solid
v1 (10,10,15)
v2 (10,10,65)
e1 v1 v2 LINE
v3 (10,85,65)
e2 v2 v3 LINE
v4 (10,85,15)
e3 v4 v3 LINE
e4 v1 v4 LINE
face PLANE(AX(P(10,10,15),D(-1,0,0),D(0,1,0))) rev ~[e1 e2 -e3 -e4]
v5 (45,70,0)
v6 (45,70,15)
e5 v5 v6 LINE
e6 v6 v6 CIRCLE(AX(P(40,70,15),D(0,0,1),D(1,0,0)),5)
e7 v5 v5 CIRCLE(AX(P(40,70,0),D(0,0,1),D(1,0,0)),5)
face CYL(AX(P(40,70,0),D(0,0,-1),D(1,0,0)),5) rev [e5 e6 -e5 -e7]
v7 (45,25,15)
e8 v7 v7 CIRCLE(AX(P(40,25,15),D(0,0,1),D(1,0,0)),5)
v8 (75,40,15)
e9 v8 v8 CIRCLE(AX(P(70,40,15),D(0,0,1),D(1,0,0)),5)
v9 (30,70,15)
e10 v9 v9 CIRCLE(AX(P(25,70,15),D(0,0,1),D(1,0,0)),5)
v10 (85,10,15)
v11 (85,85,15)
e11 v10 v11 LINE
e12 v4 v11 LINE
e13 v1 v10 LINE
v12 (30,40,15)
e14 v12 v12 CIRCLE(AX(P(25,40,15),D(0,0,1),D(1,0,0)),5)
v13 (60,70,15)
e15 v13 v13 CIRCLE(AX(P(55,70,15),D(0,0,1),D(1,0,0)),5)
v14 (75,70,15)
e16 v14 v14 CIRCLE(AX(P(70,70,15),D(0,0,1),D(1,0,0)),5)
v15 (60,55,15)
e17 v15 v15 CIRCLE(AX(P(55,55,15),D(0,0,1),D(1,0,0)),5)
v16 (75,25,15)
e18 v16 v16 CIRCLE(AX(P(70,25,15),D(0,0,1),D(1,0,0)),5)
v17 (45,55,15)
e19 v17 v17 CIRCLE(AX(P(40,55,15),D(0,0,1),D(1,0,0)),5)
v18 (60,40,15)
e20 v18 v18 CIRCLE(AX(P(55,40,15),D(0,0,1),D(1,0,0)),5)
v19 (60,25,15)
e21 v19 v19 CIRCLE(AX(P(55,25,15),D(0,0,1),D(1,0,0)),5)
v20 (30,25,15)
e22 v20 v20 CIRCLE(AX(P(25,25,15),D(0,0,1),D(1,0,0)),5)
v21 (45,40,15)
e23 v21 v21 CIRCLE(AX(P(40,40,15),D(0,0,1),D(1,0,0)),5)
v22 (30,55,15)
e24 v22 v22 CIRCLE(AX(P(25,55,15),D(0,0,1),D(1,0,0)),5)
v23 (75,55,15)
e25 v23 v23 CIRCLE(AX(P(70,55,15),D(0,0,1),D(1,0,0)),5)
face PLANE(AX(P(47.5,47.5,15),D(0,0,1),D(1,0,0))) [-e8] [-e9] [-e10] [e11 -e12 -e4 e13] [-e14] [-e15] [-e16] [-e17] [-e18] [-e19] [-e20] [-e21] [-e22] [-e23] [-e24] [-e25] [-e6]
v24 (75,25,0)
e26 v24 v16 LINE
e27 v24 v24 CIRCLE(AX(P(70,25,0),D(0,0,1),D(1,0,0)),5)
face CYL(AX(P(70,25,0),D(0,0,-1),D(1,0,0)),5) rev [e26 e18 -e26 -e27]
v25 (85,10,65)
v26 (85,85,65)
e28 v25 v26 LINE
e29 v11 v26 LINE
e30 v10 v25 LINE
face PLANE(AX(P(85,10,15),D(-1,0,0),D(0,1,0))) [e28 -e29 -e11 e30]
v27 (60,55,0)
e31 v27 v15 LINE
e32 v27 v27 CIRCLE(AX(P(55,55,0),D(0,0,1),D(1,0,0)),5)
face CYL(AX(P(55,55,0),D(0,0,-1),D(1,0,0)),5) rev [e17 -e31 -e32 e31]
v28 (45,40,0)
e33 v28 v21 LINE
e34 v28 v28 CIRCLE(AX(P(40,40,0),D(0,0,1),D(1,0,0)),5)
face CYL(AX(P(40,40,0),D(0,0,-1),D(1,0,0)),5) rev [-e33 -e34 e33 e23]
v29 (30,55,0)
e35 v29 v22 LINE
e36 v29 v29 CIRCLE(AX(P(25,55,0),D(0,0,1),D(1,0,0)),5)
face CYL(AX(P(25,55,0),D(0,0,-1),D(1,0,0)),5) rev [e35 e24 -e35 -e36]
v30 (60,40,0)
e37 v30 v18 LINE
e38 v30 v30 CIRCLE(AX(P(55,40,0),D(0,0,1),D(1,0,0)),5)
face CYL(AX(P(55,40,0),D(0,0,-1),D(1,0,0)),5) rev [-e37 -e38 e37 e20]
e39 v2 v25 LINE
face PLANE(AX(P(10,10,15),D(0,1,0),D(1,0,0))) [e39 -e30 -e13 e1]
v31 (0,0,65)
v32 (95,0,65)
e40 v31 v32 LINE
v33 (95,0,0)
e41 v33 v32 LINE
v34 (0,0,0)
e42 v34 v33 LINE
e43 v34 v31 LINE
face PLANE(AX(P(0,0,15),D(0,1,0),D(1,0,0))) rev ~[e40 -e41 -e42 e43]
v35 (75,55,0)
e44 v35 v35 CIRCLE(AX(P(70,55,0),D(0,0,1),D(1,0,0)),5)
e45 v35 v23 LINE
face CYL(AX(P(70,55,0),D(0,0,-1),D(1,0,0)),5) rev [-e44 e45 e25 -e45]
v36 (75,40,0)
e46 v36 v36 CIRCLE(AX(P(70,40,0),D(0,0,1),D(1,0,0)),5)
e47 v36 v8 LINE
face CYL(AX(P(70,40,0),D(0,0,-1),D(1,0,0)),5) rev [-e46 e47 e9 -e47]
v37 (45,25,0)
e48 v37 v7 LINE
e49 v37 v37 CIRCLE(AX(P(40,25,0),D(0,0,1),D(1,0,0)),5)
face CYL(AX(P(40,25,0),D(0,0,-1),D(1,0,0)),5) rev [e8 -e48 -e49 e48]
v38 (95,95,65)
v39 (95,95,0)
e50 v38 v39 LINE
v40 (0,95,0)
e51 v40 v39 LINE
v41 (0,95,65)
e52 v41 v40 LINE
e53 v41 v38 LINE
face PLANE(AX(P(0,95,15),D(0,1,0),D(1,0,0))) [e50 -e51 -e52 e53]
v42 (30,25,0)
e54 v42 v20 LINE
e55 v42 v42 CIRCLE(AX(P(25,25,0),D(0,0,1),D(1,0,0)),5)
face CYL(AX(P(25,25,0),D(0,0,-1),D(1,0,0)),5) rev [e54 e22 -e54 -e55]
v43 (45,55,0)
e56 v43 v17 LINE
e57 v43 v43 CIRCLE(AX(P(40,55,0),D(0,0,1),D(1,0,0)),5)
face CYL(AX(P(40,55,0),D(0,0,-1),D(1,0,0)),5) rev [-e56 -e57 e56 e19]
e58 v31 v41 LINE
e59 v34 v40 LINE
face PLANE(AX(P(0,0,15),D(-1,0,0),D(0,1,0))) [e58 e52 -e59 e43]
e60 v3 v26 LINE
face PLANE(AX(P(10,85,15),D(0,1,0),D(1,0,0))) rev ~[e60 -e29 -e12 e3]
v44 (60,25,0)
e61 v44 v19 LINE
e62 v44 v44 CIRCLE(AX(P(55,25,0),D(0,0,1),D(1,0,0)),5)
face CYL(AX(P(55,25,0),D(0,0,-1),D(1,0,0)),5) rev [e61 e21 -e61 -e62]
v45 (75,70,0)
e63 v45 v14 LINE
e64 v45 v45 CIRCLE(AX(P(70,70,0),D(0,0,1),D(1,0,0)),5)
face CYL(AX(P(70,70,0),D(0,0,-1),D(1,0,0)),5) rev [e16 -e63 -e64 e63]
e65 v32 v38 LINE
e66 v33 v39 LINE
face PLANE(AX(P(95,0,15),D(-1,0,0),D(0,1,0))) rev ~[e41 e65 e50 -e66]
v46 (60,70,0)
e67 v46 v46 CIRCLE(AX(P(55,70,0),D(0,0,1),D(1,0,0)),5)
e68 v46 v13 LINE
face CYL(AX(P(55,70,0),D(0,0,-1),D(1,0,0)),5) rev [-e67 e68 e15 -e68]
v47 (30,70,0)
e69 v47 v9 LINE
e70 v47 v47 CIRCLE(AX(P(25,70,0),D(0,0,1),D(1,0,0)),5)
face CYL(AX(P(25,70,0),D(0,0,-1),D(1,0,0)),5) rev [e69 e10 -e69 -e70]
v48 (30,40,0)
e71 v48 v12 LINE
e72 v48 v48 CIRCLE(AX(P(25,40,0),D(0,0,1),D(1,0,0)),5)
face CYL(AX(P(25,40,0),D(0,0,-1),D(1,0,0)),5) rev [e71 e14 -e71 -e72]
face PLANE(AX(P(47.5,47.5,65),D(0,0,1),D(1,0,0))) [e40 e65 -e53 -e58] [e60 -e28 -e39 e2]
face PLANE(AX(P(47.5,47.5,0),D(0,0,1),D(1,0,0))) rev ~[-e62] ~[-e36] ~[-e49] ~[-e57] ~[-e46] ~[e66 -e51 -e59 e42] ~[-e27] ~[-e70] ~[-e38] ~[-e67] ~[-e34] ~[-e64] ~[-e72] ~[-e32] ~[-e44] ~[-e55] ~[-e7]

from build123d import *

# Parameters (mm, degrees)
F0_W     = 95
F0_H     = 95
F0_R     = 5
F1_DEPTH = 15
F2_W     = 95
F2_H     = 95
F2_W_2   = 75
F2_H_2   = 75
F3_DEPTH = 50


with BuildPart() as f1:
    # F0 (on Top) → F1 (new body)
    with BuildSketch(Plane.XY):
        with Locations((47.5, 47.5)):
            Rectangle(F0_W, F0_H)
        with Locations((25, 25)):
            Circle(F0_R, mode=Mode.SUBTRACT)
        with Locations((40, 25)):
            Circle(F0_R, mode=Mode.SUBTRACT)
        with Locations((25, 40)):
            Circle(F0_R, mode=Mode.SUBTRACT)
        with Locations((40, 40)):
            Circle(F0_R, mode=Mode.SUBTRACT)
        with Locations((55, 25)):
            Circle(F0_R, mode=Mode.SUBTRACT)
        with Locations((70, 25)):
            Circle(F0_R, mode=Mode.SUBTRACT)
        with Locations((55, 40)):
            Circle(F0_R, mode=Mode.SUBTRACT)
        with Locations((70, 40)):
            Circle(F0_R, mode=Mode.SUBTRACT)
        with Locations((25, 55)):
            Circle(F0_R, mode=Mode.SUBTRACT)
        with Locations((40, 55)):
            Circle(F0_R, mode=Mode.SUBTRACT)
        with Locations((25, 70)):
            Circle(F0_R, mode=Mode.SUBTRACT)
        with Locations((40, 70)):
            Circle(F0_R, mode=Mode.SUBTRACT)
        with Locations((55, 55)):
            Circle(F0_R, mode=Mode.SUBTRACT)
        with Locations((70, 55)):
            Circle(F0_R, mode=Mode.SUBTRACT)
        with Locations((55, 70)):
            Circle(F0_R, mode=Mode.SUBTRACT)
        with Locations((70, 70)):
            Circle(F0_R, mode=Mode.SUBTRACT)
    extrude(amount=F1_DEPTH)

    # F2 (on face) → F3 (join)
    with BuildSketch(Plane.XY.offset(15)):
        with Locations((47.5, 47.5)):
            Rectangle(F2_W, F2_H)
        with Locations((47.5, 47.5)):
            Rectangle(F2_W_2, F2_H_2, mode=Mode.SUBTRACT)
    extrude(amount=F3_DEPTH)


solid = f1.part
